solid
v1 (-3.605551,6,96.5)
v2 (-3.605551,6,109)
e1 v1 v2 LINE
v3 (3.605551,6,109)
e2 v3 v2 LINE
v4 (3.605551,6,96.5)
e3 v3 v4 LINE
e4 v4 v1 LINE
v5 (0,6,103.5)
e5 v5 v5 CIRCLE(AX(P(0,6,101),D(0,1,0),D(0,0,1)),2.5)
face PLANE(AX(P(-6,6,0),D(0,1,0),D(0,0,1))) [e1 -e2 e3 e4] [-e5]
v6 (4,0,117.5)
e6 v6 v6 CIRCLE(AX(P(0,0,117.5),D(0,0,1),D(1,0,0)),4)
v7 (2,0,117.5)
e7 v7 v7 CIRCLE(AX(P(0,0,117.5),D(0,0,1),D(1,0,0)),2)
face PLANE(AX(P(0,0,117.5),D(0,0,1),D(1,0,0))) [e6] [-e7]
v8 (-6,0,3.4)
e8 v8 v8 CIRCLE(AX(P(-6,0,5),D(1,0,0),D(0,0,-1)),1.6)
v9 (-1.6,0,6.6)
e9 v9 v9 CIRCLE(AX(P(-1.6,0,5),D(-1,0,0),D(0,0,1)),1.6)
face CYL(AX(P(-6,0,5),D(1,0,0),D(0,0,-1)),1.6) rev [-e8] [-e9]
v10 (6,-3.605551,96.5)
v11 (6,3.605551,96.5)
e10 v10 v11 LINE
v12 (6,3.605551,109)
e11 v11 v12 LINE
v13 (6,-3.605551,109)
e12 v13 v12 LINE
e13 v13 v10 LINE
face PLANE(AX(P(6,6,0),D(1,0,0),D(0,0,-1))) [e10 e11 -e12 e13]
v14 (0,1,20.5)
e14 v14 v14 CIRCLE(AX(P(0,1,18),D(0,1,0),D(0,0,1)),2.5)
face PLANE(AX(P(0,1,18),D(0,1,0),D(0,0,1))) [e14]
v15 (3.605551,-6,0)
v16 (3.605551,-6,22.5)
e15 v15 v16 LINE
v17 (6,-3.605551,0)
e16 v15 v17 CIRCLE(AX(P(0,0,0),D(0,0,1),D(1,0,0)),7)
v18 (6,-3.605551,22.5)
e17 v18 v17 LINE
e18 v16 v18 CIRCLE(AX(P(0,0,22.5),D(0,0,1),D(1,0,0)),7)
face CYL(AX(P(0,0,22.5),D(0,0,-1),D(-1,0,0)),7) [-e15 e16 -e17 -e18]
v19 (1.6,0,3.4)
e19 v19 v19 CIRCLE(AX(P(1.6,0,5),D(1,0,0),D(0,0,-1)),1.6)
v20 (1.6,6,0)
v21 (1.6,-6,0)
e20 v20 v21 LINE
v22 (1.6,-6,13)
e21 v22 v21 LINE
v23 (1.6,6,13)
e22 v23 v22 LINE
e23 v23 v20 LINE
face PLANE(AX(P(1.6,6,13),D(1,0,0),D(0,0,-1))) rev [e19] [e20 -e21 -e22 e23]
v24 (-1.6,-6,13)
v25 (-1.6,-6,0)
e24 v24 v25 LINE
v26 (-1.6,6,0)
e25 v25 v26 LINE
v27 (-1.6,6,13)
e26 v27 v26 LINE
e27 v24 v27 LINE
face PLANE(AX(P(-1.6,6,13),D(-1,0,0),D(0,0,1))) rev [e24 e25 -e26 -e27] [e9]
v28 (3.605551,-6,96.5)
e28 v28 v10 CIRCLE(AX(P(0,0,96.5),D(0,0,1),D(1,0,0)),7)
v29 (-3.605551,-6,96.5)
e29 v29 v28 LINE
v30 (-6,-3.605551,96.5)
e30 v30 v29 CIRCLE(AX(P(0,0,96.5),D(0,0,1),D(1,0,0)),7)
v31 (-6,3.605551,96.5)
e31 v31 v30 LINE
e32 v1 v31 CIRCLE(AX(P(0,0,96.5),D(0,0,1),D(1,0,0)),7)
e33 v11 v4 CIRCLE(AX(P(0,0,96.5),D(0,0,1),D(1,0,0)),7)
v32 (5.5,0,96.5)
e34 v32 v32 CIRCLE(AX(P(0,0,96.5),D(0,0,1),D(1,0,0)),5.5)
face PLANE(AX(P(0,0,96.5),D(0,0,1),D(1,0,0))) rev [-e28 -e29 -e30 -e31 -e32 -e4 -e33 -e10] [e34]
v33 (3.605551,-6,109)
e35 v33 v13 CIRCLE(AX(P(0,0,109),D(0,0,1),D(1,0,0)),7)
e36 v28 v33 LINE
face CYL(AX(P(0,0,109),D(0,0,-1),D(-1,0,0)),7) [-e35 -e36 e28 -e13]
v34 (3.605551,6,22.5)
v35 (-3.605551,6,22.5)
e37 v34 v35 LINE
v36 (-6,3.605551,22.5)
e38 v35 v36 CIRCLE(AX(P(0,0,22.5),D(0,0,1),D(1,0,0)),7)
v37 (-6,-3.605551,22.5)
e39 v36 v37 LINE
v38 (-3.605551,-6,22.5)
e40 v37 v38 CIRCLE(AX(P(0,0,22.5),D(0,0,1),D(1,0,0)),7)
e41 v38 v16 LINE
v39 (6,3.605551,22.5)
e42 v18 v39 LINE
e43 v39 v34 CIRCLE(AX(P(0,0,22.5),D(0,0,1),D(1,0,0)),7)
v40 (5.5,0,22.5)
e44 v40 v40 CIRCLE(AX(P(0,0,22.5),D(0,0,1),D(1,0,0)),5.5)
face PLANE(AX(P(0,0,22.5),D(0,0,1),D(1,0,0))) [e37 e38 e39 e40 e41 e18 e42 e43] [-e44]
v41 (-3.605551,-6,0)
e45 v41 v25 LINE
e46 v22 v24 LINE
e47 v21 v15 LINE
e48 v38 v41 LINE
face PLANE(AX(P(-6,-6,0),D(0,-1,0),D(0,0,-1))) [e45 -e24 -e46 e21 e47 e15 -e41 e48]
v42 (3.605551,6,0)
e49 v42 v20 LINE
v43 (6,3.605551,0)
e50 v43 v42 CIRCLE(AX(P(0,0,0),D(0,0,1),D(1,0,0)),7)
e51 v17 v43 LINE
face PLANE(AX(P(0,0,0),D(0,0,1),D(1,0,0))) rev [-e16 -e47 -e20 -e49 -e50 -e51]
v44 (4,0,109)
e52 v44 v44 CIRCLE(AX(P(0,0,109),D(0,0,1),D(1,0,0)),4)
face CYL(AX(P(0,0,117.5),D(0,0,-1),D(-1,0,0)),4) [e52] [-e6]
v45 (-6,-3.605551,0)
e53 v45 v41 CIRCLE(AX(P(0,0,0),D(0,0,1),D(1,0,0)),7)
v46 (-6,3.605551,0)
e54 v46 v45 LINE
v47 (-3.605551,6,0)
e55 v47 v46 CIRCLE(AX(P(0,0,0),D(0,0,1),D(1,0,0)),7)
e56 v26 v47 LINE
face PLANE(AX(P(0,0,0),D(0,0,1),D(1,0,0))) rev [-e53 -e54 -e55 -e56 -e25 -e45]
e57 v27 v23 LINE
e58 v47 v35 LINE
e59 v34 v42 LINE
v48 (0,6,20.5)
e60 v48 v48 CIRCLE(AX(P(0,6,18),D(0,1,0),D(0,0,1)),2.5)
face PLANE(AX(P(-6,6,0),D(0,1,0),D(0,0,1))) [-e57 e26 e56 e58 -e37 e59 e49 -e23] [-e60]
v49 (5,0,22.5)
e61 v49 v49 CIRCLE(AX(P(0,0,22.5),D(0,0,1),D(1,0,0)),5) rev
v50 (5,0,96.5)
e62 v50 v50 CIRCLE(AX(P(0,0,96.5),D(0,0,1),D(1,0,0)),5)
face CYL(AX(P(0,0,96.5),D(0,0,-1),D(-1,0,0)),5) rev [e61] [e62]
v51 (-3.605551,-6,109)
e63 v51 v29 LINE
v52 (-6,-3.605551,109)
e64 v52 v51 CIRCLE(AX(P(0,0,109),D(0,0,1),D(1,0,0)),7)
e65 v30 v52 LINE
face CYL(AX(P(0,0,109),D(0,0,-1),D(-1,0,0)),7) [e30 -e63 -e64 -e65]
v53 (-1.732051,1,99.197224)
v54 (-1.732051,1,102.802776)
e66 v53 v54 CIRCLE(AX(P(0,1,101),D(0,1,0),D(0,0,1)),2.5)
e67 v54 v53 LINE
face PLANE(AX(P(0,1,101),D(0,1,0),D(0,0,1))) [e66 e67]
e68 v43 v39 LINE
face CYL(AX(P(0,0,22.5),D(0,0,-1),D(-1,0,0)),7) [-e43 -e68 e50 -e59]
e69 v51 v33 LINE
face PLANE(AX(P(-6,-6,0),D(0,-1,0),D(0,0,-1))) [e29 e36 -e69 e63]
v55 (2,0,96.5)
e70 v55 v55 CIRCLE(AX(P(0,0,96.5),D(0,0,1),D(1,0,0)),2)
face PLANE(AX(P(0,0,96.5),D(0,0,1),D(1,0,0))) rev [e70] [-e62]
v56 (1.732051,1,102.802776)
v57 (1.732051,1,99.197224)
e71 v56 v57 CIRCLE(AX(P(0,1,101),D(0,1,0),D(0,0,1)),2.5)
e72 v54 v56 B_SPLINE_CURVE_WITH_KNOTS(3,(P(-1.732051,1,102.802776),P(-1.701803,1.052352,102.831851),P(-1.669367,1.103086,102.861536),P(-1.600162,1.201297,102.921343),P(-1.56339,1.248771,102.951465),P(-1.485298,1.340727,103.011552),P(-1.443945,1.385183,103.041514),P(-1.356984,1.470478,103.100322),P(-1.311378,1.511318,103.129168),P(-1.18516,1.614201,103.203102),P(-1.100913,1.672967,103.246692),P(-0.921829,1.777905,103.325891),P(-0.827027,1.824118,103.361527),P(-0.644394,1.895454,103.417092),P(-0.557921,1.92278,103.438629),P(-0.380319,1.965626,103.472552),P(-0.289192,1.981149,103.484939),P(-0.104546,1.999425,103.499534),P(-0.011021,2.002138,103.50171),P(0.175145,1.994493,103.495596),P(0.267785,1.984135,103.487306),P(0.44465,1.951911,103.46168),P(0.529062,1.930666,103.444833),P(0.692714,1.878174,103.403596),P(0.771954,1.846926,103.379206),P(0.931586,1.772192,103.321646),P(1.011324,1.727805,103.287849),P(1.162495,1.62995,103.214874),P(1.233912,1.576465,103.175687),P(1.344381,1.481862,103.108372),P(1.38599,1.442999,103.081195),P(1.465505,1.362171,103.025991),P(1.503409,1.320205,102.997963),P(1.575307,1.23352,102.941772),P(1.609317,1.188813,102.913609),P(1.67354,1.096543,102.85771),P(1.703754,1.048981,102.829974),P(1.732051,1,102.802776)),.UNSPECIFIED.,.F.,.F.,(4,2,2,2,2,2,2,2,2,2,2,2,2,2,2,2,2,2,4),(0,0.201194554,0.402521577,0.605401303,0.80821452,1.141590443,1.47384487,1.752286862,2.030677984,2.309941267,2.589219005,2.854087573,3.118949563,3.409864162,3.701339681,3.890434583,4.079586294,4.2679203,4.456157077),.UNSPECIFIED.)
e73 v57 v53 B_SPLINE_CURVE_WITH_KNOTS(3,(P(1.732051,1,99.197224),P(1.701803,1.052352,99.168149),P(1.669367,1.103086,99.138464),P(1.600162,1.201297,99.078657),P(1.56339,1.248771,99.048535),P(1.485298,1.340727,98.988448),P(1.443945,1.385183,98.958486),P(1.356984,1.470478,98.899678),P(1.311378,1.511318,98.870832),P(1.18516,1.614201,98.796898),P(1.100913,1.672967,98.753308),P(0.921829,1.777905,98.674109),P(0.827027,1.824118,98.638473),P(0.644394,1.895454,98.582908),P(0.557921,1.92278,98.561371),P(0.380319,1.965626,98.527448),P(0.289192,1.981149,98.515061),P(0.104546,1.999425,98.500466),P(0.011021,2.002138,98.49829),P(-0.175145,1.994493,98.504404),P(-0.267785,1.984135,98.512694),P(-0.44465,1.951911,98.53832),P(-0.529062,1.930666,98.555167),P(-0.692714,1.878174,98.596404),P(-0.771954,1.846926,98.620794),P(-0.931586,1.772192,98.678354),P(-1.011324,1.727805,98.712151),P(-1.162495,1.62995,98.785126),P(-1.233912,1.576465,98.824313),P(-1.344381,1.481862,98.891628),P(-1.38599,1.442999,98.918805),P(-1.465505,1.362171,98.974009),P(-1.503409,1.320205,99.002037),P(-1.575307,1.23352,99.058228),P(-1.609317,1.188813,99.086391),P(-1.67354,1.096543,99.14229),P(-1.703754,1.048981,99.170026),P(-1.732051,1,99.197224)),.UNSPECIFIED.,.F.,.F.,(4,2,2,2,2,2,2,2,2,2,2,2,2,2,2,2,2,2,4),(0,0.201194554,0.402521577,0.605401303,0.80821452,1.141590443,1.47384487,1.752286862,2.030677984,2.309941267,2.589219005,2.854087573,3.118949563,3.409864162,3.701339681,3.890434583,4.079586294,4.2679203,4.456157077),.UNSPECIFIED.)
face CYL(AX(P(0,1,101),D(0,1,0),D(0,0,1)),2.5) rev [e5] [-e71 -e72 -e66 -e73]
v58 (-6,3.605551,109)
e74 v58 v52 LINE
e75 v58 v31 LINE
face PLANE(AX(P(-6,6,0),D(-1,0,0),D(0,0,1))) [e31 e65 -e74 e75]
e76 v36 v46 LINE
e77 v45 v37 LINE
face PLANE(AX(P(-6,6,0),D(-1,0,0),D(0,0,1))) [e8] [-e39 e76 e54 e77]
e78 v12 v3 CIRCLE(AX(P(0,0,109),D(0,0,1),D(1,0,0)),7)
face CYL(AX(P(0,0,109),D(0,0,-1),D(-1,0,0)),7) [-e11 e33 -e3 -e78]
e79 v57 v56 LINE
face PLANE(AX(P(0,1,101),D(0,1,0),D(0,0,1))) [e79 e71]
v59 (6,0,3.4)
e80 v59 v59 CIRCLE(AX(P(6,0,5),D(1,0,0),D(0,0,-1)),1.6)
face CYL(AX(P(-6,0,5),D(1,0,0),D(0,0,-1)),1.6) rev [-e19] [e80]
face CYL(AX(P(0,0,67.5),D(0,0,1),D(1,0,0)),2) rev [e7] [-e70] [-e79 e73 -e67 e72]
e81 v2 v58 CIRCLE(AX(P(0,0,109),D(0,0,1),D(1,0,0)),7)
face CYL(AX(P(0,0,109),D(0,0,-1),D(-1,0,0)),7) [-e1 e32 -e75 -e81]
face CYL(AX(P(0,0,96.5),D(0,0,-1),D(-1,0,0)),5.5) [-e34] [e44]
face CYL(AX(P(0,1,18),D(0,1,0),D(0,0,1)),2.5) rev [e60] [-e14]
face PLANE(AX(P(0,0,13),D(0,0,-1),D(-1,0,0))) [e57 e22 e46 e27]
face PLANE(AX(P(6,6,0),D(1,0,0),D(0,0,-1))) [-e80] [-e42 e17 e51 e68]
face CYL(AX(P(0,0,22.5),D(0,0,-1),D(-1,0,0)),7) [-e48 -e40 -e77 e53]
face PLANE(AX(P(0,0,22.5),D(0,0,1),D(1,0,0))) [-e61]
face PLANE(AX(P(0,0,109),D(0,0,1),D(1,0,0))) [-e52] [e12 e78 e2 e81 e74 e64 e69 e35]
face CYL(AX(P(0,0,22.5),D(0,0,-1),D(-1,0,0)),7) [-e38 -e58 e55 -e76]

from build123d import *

# Parameters (mm, degrees)
SKETCH_1_R          = 7
EXTRUDE_1_DEPTH     = 22.5
SKETCH_2_R          = 5.5
SKETCH_2_R_2        = 5
EXTRUDE_2_DEPTH     = 74
SKETCH_3_R          = 7
EXTRUDE_3_DEPTH     = 12.5
SKETCH_4_R          = 4
EXTRUDE_4_DEPTH     = 8.5
SKETCH_5_R          = 2
CUT_EXTRUDE_1_DEPTH = 50
SKETCH_6_R          = 10
SKETCH_6_W          = 12
SKETCH_6_H          = 12
CUT_EXTRUDE_2_DEPTH = 110.448618082
SKETCH_7_W          = 3.2
SKETCH_7_H          = 12
CUT_EXTRUDE_3_DEPTH = 13
SKETCH_8_R          = 1.6
CUT_EXTRUDE_4_DEPTH = 119.263477033
SKETCH_9_R          = 2.5
CUT_EXTRUDE_5_DEPTH = 5
SKETCH_10_R         = 2.5
CUT_EXTRUDE_6_DEPTH = 5


with BuildPart() as part:
    # 草图1 → 凸台-拉伸1 (new body)
    with BuildSketch(Plane.XY):
        with Locations(Location((0, 0, 0), (0, 0, 180))):
            Circle(SKETCH_1_R)
    extrude(amount=EXTRUDE_1_DEPTH)

    # 草图2 → 凸台-拉伸2 (add)
    with BuildSketch(Plane.XY.offset(22.5)):
        Circle(SKETCH_2_R)
        Circle(SKETCH_2_R_2, mode=Mode.SUBTRACT)
    extrude(amount=EXTRUDE_2_DEPTH)

    # 草图3 → 凸台-拉伸3 (add)
    with BuildSketch(Plane.XY.offset(96.5)):
        with Locations(Location((0, 0, 0), (0, 0, 180))):
            Circle(SKETCH_3_R)
    extrude(amount=EXTRUDE_3_DEPTH)

    # 草图4 → 凸台-拉伸4 (add)
    with BuildSketch(Plane.XY.offset(109)):
        Circle(SKETCH_4_R)
    extrude(amount=EXTRUDE_4_DEPTH)

    # 草图5 → 切除-拉伸1 (cut)
    with BuildSketch(Plane.XY.offset(117.5)):
        Circle(SKETCH_5_R)
    extrude(amount=-CUT_EXTRUDE_1_DEPTH, mode=Mode.SUBTRACT)

    # 草图6 → 切除-拉伸2 (cut, through all)
    with BuildSketch(Plane.XY.offset(109)):
        Circle(SKETCH_6_R)
        Rectangle(SKETCH_6_W, SKETCH_6_H, mode=Mode.SUBTRACT)
    extrude(amount=-CUT_EXTRUDE_2_DEPTH, mode=Mode.SUBTRACT)

    # 草图7 → 切除-拉伸3 (cut)
    with BuildSketch(Plane(origin=(0, 0, 0), x_dir=(-1, 0, 0), z_dir=(0, 0, -1))):
        Rectangle(SKETCH_7_W, SKETCH_7_H)
    extrude(amount=-CUT_EXTRUDE_3_DEPTH, mode=Mode.SUBTRACT)

    # 草图8 → 切除-拉伸4 (cut, through all)
    with BuildSketch(Plane(origin=(6, 0, 0), x_dir=(0, 0, -1), z_dir=(1, 0, 0))):
        with Locations((-5, 0)):
            Circle(SKETCH_8_R)
    extrude(amount=-CUT_EXTRUDE_4_DEPTH, mode=Mode.SUBTRACT)

    # 草图9 → 切除-拉伸5 (cut)
    with BuildSketch(Plane(origin=(0, 6, 0), x_dir=(1, 0, 0), z_dir=(0, 1, 0))):
        with Locations(Location((0, -18, 0), (0, 0, 270))):
            Circle(SKETCH_9_R)
    extrude(amount=-CUT_EXTRUDE_5_DEPTH, mode=Mode.SUBTRACT)

    # 草图10 → 切除-拉伸6 (cut)
    with BuildSketch(Plane(origin=(0, 6, 0), x_dir=(1, 0, 0), z_dir=(0, 1, 0))):
        with Locations(Location((0, -101, 0), (0, 0, 270))):
            Circle(SKETCH_10_R)
    extrude(amount=-CUT_EXTRUDE_6_DEPTH, mode=Mode.SUBTRACT)


solid = part.part
